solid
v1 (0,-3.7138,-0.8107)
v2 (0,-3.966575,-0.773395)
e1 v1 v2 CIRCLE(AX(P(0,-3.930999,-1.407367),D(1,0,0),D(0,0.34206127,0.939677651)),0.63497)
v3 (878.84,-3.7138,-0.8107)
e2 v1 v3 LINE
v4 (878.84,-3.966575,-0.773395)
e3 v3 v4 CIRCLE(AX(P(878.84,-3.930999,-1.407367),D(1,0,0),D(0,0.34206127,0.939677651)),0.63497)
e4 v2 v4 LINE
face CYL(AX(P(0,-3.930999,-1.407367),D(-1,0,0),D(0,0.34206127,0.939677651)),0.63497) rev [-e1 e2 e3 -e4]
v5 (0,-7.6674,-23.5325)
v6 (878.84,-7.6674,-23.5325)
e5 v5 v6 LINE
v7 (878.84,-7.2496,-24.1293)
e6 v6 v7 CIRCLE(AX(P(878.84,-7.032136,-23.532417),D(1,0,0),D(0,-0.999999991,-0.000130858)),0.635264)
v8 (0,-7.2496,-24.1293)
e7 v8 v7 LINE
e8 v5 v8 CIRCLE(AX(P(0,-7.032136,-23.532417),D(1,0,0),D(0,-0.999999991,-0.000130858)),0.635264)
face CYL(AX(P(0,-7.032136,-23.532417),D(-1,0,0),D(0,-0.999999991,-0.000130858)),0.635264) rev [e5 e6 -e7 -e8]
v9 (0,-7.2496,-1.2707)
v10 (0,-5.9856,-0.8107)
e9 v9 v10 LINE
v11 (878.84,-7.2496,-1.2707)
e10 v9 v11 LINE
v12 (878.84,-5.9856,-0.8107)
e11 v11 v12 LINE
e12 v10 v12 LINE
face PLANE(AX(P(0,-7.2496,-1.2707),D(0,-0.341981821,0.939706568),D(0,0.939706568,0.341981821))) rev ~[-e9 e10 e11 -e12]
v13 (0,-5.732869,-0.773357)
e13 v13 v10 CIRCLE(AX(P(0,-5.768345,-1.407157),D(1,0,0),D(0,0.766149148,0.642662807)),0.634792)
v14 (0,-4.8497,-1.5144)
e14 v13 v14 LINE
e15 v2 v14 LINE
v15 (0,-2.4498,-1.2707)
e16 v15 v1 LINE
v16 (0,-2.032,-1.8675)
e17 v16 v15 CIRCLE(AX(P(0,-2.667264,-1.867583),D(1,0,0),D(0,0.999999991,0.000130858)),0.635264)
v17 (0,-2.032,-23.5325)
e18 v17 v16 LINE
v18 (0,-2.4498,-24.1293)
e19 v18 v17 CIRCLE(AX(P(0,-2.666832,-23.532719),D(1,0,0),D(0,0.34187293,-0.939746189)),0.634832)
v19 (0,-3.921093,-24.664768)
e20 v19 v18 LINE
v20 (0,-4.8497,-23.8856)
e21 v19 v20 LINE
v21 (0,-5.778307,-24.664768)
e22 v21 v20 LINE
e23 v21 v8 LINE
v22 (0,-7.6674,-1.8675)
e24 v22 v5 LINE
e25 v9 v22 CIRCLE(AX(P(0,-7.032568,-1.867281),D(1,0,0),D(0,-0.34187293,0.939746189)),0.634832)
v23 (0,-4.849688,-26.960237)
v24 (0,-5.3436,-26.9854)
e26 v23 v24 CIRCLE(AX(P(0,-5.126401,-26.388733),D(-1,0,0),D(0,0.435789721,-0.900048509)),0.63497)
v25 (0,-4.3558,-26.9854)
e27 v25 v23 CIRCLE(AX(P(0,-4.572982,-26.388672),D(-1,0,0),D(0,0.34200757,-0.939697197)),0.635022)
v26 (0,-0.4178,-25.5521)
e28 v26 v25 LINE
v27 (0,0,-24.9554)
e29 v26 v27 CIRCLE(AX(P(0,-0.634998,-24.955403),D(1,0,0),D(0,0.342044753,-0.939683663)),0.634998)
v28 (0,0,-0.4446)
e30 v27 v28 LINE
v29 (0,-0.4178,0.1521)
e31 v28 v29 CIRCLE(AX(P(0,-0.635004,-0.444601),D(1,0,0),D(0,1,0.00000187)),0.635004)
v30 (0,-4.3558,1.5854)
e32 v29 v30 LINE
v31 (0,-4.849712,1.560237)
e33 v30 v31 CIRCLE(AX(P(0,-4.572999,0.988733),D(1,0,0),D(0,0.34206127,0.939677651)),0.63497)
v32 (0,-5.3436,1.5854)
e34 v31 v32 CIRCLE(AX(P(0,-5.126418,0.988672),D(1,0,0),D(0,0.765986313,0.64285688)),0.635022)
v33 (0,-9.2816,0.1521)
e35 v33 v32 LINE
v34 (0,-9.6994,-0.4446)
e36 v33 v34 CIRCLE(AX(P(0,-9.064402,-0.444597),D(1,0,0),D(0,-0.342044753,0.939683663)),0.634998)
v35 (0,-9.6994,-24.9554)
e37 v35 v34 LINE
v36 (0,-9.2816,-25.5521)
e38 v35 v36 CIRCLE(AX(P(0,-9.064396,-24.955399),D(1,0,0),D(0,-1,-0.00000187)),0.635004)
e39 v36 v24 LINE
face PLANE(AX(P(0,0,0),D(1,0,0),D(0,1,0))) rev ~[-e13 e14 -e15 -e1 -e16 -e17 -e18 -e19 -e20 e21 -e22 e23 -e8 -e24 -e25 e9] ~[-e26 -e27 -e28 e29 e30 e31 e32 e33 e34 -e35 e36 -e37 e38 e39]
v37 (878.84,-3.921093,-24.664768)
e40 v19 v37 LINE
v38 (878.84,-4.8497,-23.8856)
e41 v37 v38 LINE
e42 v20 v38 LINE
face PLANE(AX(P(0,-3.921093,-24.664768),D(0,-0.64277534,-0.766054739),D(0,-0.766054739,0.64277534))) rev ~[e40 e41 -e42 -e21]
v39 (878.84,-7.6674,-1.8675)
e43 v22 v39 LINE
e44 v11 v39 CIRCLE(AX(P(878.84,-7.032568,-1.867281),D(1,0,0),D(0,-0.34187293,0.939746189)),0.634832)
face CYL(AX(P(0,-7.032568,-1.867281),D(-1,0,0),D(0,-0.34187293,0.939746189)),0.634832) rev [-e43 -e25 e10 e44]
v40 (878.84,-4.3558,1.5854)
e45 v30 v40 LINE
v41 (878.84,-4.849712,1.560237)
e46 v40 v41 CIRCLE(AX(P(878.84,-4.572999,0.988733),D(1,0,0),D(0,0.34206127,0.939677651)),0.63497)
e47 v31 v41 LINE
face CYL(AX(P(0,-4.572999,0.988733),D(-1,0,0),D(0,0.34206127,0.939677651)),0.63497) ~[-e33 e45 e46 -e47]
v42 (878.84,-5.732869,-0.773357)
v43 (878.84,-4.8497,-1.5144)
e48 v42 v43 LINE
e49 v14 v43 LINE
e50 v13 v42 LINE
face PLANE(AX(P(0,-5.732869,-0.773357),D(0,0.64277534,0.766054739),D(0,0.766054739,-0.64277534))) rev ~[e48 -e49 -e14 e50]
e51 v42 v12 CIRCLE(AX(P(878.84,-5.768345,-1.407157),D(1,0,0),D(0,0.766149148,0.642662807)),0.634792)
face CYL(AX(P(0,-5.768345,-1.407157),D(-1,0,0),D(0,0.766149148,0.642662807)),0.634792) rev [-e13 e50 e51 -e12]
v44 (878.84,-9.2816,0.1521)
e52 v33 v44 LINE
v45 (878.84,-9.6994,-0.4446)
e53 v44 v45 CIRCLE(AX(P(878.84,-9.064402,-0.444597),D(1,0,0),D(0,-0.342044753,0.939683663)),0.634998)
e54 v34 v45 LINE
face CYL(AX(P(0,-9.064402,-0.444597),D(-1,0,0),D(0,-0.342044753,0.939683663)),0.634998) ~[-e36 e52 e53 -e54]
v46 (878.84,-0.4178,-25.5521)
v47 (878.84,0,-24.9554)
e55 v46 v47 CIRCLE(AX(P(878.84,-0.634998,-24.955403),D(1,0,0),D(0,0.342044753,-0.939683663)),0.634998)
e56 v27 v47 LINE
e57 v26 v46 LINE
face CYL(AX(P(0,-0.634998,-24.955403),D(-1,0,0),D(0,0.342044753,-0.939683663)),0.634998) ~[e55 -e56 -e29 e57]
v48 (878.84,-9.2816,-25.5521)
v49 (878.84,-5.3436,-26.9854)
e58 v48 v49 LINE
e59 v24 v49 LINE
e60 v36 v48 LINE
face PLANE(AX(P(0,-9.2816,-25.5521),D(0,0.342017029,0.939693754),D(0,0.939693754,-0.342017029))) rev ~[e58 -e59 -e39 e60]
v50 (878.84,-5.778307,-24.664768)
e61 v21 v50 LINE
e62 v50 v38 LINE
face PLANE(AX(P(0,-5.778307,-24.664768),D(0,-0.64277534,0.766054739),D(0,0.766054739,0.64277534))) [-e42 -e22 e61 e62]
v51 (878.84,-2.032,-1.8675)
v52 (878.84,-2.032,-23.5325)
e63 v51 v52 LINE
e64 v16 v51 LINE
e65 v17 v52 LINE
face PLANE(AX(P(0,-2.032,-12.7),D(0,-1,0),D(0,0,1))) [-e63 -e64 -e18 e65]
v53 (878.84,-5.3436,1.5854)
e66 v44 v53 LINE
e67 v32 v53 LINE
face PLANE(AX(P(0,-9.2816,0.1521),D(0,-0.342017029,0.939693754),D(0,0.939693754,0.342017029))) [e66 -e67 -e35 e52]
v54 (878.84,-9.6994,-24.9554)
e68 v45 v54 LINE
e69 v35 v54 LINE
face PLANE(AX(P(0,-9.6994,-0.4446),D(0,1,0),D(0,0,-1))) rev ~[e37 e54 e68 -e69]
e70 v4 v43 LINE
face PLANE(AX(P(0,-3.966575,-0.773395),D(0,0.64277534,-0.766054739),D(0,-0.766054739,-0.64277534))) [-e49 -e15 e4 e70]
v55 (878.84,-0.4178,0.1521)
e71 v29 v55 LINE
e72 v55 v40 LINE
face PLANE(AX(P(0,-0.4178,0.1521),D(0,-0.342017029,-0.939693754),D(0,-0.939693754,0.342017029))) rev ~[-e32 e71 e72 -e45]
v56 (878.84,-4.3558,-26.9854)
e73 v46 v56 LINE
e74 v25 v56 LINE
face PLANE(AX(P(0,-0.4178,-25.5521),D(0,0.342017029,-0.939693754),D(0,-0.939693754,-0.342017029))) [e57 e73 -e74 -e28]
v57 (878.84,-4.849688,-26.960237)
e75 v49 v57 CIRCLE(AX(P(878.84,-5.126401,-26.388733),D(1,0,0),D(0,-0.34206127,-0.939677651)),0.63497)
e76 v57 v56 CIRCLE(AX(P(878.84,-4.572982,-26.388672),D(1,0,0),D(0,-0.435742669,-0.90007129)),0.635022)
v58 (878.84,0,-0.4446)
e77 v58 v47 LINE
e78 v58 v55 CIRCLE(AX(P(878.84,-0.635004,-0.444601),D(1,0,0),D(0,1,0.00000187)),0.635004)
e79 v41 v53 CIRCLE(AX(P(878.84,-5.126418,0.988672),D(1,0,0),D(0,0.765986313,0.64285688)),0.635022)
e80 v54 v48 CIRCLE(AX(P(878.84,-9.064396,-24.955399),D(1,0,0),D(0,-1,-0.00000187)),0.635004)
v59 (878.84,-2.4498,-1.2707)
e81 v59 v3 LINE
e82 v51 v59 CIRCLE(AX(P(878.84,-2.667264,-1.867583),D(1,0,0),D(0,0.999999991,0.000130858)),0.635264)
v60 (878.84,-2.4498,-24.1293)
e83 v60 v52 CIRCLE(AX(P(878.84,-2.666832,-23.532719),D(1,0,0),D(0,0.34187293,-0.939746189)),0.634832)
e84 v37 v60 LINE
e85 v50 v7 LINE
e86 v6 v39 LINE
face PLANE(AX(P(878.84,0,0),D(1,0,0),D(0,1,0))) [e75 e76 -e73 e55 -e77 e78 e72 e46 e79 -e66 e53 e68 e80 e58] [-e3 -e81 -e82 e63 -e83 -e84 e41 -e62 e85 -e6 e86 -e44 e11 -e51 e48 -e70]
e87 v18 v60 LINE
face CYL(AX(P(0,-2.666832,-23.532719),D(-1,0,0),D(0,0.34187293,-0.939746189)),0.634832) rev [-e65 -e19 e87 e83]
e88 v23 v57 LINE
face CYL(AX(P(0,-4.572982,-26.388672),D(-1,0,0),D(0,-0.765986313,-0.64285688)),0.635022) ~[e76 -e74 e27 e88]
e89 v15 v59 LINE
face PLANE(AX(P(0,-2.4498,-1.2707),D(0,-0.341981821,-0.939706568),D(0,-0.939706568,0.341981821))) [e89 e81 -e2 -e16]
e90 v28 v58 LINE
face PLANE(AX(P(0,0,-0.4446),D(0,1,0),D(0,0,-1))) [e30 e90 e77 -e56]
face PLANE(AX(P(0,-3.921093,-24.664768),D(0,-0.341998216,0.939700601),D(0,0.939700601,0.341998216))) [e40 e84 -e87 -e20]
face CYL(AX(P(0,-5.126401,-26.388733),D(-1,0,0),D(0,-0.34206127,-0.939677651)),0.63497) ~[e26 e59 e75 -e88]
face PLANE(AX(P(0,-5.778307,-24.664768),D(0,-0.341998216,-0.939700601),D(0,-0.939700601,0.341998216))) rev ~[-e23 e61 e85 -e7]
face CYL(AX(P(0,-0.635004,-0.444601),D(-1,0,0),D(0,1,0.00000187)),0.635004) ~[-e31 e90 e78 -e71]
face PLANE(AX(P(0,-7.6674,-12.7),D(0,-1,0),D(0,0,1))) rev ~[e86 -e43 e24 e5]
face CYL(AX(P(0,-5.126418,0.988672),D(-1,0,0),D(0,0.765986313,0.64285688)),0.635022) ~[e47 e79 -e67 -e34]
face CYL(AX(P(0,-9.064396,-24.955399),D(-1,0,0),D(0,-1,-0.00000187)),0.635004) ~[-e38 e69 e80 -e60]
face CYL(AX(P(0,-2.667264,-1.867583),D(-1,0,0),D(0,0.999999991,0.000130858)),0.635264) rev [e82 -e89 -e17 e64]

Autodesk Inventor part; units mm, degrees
ref_plane "YZ Plane" through (0, 0, 0) normal (1, 0, 0) x (0, 1, 0)
ref_plane "XZ Plane" through (0, 0, 0) normal (0, 1, 0) x (-1, 0, 0)
ref_plane "XY Plane" through (0, 0, 0) normal (0, 0, 1) x (1, 0, 0)
sketch "Sketch1" plane through (0, 0, 0) normal (1, 0, 0) x (0, 1, 0)
  line L0 (0, -0.4446) -> (0, -24.9554)
  line L1 (-0.4178, -25.5521) -> (-4.3558, -26.9854)
  line L2 (-0.4178, 0.1521) -> (-4.3558, 1.5854)
  line L3 (-5.0594, 1.3969) -> (-6.4063, -0.2083)
  line L4 (-4.8497, -23.8856) -> (-4.8389, -24.1212)
  line L5 (-3.9874, -24.6889) -> (-2.4498, -24.1293)
  line L6 (-2.032, -23.5325) -> (-2.032, -1.8675)
  line L7 (-2.4498, -1.2707) -> (-3.7138, -0.8107)
  line L8 (-4.4174, -0.9992) -> (-4.8497, -1.5144)
  line L9 (-6.4063, -0.2083) -> (-4.8497, -1.5144)
  arc A0 (0, -0.4446) -> (-0.4178, 0.1521) centre (-0.635, -0.4446) ccw
  arc A1 (-2.032, -1.8675) -> (-2.4498, -1.2707) centre (-2.667, -1.8675) ccw
  arc A2 (-4.3558, 1.5854) -> (-5.0594, 1.3969) centre (-4.573, 0.9887) ccw
  arc A3 (-3.7138, -0.8107) -> (-4.4174, -0.9992) centre (-3.931, -1.4074) ccw
  arc A4 (-2.4498, -24.1293) -> (-2.032, -23.5325) centre (-2.667, -23.5325) ccw
  arc A5 (-0.4178, -25.5521) -> (0, -24.9554) centre (-0.635, -24.9554) ccw
  arc A6 (-4.8389, -24.1212) -> (-3.9874, -24.6889) centre (-4.2046, -24.0922) ccw
  line L10 (-4.8497, -23.8856) -> (-4.8497, -1.5144)
  line L11 (-9.6994, -0.4446) -> (-9.6994, -24.9554)
  line L12 (-9.2816, -25.5521) -> (-5.3436, -26.9854)
  line L13 (-9.2816, 0.1521) -> (-5.3436, 1.5854)
  line L14 (-4.64, 1.3969) -> (-3.2931, -0.2083)
  line L15 (-5.712, -24.6889) -> (-7.2496, -24.1293)
  line L16 (-7.6674, -23.5325) -> (-7.6674, -1.8675)
  line L17 (-7.2496, -1.2707) -> (-5.9856, -0.8107)
  line L18 (-5.282, -0.9992) -> (-4.8497, -1.5144)
  line L19 (-3.2931, -0.2083) -> (-4.8497, -1.5144)
  arc A7 (-9.2816, 0.1521) -> (-9.6994, -0.4446) centre (-9.0644, -0.4446) ccw
  arc A8 (-7.2496, -1.2707) -> (-7.6674, -1.8675) centre (-7.0324, -1.8675) ccw
  arc A9 (-4.64, 1.3969) -> (-5.3436, 1.5854) centre (-5.1264, 0.9887) ccw
  arc A10 (-5.282, -0.9992) -> (-5.9856, -0.8107) centre (-5.7685, -1.4074) ccw
  arc A11 (-7.6674, -23.5325) -> (-7.2496, -24.1293) centre (-7.0324, -23.5325) ccw
  arc A12 (-9.6994, -24.9554) -> (-9.2816, -25.5521) centre (-9.0644, -24.9554) ccw
  arc A13 (-5.712, -24.6889) -> (-4.8605, -24.1212) centre (-5.4948, -24.0922) ccw
  line L20 (-5.3436, -26.9854) -> (-4.3558, -26.9854)
  line L21 (0, -12.7) -> (-9.6994, -12.7)
  line L22 (-5.0594, -26.7969) -> (-6.4063, -25.1917)
  line L23 (-4.8389, -24.1212) -> (-4.8497, -23.8856)
  line L24 (-6.4063, -25.1917) -> (-4.8497, -23.8856)
  arc A14 (-5.0594, -26.7969) -> (-4.3558, -26.9854) centre (-4.573, -26.3887) ccw
  arc A15 (-5.3436, -26.9854) -> (-4.64, -26.7969) centre (-5.1264, -26.3887) ccw
  line L25 (-4.64, -26.7969) -> (-3.2931, -25.1917)
  line L26 (-4.8605, -24.1212) -> (-4.8497, -23.8856)
  line L27 (-3.2931, -25.1917) -> (-4.8497, -23.8856)
  point P0 (0, 0)
  point P1 (0, -25.4)
  point P2 (-4.7736, -27.1375)
  point P3 (-4.7736, 1.7375)
  point P4 (-4.7995, -24.9845)
  point P5 (-2.032, -23.9772)
  point P6 (-2.032, -1.4228)
  point P7 (-4.1316, -0.6586)
  dimension "d0" = 25.4
  dimension "d4" = 5.08
  dimension "d5" = 110
  dimension "d8" = 5.08
  dimension "d10" = 110
  dimension "d11" = 2.54
  dimension "d12" = 110
  dimension "d13" = 2.032
  dimension "d16" = 0.635
  dimension "d18" = 2.032
extrude "Extrusion1" add sketch "Sketch1" along normal blind 878.84 contours L0 L21 L6 A1 L7 A3 L19 L14 A9 A2 L2 A0 | L0 A5 L1 L20 A14 A15 L25 L27 L5 A4 L6 L21 | A9 L14 L19 A3 L8 L18 A10 L9 L3 A2 | A2 L3 L9 A10 L17 A8 L16 L21 L11 A7 L13 A9 | A14 L20 | L27 L5 A6 L4 | L26 A13 L15 L24 | L4 A6 L5 L27 L25 A15 A14 L22 L24 L15 A13 L26 | L9 A10 L18 | L8 A3 L19 | L16 A11 L15 L24 L22 A14 A15 L20 L12 A12 L11 L21 | A15 L20
properties part number "the smaller outside slider part"
